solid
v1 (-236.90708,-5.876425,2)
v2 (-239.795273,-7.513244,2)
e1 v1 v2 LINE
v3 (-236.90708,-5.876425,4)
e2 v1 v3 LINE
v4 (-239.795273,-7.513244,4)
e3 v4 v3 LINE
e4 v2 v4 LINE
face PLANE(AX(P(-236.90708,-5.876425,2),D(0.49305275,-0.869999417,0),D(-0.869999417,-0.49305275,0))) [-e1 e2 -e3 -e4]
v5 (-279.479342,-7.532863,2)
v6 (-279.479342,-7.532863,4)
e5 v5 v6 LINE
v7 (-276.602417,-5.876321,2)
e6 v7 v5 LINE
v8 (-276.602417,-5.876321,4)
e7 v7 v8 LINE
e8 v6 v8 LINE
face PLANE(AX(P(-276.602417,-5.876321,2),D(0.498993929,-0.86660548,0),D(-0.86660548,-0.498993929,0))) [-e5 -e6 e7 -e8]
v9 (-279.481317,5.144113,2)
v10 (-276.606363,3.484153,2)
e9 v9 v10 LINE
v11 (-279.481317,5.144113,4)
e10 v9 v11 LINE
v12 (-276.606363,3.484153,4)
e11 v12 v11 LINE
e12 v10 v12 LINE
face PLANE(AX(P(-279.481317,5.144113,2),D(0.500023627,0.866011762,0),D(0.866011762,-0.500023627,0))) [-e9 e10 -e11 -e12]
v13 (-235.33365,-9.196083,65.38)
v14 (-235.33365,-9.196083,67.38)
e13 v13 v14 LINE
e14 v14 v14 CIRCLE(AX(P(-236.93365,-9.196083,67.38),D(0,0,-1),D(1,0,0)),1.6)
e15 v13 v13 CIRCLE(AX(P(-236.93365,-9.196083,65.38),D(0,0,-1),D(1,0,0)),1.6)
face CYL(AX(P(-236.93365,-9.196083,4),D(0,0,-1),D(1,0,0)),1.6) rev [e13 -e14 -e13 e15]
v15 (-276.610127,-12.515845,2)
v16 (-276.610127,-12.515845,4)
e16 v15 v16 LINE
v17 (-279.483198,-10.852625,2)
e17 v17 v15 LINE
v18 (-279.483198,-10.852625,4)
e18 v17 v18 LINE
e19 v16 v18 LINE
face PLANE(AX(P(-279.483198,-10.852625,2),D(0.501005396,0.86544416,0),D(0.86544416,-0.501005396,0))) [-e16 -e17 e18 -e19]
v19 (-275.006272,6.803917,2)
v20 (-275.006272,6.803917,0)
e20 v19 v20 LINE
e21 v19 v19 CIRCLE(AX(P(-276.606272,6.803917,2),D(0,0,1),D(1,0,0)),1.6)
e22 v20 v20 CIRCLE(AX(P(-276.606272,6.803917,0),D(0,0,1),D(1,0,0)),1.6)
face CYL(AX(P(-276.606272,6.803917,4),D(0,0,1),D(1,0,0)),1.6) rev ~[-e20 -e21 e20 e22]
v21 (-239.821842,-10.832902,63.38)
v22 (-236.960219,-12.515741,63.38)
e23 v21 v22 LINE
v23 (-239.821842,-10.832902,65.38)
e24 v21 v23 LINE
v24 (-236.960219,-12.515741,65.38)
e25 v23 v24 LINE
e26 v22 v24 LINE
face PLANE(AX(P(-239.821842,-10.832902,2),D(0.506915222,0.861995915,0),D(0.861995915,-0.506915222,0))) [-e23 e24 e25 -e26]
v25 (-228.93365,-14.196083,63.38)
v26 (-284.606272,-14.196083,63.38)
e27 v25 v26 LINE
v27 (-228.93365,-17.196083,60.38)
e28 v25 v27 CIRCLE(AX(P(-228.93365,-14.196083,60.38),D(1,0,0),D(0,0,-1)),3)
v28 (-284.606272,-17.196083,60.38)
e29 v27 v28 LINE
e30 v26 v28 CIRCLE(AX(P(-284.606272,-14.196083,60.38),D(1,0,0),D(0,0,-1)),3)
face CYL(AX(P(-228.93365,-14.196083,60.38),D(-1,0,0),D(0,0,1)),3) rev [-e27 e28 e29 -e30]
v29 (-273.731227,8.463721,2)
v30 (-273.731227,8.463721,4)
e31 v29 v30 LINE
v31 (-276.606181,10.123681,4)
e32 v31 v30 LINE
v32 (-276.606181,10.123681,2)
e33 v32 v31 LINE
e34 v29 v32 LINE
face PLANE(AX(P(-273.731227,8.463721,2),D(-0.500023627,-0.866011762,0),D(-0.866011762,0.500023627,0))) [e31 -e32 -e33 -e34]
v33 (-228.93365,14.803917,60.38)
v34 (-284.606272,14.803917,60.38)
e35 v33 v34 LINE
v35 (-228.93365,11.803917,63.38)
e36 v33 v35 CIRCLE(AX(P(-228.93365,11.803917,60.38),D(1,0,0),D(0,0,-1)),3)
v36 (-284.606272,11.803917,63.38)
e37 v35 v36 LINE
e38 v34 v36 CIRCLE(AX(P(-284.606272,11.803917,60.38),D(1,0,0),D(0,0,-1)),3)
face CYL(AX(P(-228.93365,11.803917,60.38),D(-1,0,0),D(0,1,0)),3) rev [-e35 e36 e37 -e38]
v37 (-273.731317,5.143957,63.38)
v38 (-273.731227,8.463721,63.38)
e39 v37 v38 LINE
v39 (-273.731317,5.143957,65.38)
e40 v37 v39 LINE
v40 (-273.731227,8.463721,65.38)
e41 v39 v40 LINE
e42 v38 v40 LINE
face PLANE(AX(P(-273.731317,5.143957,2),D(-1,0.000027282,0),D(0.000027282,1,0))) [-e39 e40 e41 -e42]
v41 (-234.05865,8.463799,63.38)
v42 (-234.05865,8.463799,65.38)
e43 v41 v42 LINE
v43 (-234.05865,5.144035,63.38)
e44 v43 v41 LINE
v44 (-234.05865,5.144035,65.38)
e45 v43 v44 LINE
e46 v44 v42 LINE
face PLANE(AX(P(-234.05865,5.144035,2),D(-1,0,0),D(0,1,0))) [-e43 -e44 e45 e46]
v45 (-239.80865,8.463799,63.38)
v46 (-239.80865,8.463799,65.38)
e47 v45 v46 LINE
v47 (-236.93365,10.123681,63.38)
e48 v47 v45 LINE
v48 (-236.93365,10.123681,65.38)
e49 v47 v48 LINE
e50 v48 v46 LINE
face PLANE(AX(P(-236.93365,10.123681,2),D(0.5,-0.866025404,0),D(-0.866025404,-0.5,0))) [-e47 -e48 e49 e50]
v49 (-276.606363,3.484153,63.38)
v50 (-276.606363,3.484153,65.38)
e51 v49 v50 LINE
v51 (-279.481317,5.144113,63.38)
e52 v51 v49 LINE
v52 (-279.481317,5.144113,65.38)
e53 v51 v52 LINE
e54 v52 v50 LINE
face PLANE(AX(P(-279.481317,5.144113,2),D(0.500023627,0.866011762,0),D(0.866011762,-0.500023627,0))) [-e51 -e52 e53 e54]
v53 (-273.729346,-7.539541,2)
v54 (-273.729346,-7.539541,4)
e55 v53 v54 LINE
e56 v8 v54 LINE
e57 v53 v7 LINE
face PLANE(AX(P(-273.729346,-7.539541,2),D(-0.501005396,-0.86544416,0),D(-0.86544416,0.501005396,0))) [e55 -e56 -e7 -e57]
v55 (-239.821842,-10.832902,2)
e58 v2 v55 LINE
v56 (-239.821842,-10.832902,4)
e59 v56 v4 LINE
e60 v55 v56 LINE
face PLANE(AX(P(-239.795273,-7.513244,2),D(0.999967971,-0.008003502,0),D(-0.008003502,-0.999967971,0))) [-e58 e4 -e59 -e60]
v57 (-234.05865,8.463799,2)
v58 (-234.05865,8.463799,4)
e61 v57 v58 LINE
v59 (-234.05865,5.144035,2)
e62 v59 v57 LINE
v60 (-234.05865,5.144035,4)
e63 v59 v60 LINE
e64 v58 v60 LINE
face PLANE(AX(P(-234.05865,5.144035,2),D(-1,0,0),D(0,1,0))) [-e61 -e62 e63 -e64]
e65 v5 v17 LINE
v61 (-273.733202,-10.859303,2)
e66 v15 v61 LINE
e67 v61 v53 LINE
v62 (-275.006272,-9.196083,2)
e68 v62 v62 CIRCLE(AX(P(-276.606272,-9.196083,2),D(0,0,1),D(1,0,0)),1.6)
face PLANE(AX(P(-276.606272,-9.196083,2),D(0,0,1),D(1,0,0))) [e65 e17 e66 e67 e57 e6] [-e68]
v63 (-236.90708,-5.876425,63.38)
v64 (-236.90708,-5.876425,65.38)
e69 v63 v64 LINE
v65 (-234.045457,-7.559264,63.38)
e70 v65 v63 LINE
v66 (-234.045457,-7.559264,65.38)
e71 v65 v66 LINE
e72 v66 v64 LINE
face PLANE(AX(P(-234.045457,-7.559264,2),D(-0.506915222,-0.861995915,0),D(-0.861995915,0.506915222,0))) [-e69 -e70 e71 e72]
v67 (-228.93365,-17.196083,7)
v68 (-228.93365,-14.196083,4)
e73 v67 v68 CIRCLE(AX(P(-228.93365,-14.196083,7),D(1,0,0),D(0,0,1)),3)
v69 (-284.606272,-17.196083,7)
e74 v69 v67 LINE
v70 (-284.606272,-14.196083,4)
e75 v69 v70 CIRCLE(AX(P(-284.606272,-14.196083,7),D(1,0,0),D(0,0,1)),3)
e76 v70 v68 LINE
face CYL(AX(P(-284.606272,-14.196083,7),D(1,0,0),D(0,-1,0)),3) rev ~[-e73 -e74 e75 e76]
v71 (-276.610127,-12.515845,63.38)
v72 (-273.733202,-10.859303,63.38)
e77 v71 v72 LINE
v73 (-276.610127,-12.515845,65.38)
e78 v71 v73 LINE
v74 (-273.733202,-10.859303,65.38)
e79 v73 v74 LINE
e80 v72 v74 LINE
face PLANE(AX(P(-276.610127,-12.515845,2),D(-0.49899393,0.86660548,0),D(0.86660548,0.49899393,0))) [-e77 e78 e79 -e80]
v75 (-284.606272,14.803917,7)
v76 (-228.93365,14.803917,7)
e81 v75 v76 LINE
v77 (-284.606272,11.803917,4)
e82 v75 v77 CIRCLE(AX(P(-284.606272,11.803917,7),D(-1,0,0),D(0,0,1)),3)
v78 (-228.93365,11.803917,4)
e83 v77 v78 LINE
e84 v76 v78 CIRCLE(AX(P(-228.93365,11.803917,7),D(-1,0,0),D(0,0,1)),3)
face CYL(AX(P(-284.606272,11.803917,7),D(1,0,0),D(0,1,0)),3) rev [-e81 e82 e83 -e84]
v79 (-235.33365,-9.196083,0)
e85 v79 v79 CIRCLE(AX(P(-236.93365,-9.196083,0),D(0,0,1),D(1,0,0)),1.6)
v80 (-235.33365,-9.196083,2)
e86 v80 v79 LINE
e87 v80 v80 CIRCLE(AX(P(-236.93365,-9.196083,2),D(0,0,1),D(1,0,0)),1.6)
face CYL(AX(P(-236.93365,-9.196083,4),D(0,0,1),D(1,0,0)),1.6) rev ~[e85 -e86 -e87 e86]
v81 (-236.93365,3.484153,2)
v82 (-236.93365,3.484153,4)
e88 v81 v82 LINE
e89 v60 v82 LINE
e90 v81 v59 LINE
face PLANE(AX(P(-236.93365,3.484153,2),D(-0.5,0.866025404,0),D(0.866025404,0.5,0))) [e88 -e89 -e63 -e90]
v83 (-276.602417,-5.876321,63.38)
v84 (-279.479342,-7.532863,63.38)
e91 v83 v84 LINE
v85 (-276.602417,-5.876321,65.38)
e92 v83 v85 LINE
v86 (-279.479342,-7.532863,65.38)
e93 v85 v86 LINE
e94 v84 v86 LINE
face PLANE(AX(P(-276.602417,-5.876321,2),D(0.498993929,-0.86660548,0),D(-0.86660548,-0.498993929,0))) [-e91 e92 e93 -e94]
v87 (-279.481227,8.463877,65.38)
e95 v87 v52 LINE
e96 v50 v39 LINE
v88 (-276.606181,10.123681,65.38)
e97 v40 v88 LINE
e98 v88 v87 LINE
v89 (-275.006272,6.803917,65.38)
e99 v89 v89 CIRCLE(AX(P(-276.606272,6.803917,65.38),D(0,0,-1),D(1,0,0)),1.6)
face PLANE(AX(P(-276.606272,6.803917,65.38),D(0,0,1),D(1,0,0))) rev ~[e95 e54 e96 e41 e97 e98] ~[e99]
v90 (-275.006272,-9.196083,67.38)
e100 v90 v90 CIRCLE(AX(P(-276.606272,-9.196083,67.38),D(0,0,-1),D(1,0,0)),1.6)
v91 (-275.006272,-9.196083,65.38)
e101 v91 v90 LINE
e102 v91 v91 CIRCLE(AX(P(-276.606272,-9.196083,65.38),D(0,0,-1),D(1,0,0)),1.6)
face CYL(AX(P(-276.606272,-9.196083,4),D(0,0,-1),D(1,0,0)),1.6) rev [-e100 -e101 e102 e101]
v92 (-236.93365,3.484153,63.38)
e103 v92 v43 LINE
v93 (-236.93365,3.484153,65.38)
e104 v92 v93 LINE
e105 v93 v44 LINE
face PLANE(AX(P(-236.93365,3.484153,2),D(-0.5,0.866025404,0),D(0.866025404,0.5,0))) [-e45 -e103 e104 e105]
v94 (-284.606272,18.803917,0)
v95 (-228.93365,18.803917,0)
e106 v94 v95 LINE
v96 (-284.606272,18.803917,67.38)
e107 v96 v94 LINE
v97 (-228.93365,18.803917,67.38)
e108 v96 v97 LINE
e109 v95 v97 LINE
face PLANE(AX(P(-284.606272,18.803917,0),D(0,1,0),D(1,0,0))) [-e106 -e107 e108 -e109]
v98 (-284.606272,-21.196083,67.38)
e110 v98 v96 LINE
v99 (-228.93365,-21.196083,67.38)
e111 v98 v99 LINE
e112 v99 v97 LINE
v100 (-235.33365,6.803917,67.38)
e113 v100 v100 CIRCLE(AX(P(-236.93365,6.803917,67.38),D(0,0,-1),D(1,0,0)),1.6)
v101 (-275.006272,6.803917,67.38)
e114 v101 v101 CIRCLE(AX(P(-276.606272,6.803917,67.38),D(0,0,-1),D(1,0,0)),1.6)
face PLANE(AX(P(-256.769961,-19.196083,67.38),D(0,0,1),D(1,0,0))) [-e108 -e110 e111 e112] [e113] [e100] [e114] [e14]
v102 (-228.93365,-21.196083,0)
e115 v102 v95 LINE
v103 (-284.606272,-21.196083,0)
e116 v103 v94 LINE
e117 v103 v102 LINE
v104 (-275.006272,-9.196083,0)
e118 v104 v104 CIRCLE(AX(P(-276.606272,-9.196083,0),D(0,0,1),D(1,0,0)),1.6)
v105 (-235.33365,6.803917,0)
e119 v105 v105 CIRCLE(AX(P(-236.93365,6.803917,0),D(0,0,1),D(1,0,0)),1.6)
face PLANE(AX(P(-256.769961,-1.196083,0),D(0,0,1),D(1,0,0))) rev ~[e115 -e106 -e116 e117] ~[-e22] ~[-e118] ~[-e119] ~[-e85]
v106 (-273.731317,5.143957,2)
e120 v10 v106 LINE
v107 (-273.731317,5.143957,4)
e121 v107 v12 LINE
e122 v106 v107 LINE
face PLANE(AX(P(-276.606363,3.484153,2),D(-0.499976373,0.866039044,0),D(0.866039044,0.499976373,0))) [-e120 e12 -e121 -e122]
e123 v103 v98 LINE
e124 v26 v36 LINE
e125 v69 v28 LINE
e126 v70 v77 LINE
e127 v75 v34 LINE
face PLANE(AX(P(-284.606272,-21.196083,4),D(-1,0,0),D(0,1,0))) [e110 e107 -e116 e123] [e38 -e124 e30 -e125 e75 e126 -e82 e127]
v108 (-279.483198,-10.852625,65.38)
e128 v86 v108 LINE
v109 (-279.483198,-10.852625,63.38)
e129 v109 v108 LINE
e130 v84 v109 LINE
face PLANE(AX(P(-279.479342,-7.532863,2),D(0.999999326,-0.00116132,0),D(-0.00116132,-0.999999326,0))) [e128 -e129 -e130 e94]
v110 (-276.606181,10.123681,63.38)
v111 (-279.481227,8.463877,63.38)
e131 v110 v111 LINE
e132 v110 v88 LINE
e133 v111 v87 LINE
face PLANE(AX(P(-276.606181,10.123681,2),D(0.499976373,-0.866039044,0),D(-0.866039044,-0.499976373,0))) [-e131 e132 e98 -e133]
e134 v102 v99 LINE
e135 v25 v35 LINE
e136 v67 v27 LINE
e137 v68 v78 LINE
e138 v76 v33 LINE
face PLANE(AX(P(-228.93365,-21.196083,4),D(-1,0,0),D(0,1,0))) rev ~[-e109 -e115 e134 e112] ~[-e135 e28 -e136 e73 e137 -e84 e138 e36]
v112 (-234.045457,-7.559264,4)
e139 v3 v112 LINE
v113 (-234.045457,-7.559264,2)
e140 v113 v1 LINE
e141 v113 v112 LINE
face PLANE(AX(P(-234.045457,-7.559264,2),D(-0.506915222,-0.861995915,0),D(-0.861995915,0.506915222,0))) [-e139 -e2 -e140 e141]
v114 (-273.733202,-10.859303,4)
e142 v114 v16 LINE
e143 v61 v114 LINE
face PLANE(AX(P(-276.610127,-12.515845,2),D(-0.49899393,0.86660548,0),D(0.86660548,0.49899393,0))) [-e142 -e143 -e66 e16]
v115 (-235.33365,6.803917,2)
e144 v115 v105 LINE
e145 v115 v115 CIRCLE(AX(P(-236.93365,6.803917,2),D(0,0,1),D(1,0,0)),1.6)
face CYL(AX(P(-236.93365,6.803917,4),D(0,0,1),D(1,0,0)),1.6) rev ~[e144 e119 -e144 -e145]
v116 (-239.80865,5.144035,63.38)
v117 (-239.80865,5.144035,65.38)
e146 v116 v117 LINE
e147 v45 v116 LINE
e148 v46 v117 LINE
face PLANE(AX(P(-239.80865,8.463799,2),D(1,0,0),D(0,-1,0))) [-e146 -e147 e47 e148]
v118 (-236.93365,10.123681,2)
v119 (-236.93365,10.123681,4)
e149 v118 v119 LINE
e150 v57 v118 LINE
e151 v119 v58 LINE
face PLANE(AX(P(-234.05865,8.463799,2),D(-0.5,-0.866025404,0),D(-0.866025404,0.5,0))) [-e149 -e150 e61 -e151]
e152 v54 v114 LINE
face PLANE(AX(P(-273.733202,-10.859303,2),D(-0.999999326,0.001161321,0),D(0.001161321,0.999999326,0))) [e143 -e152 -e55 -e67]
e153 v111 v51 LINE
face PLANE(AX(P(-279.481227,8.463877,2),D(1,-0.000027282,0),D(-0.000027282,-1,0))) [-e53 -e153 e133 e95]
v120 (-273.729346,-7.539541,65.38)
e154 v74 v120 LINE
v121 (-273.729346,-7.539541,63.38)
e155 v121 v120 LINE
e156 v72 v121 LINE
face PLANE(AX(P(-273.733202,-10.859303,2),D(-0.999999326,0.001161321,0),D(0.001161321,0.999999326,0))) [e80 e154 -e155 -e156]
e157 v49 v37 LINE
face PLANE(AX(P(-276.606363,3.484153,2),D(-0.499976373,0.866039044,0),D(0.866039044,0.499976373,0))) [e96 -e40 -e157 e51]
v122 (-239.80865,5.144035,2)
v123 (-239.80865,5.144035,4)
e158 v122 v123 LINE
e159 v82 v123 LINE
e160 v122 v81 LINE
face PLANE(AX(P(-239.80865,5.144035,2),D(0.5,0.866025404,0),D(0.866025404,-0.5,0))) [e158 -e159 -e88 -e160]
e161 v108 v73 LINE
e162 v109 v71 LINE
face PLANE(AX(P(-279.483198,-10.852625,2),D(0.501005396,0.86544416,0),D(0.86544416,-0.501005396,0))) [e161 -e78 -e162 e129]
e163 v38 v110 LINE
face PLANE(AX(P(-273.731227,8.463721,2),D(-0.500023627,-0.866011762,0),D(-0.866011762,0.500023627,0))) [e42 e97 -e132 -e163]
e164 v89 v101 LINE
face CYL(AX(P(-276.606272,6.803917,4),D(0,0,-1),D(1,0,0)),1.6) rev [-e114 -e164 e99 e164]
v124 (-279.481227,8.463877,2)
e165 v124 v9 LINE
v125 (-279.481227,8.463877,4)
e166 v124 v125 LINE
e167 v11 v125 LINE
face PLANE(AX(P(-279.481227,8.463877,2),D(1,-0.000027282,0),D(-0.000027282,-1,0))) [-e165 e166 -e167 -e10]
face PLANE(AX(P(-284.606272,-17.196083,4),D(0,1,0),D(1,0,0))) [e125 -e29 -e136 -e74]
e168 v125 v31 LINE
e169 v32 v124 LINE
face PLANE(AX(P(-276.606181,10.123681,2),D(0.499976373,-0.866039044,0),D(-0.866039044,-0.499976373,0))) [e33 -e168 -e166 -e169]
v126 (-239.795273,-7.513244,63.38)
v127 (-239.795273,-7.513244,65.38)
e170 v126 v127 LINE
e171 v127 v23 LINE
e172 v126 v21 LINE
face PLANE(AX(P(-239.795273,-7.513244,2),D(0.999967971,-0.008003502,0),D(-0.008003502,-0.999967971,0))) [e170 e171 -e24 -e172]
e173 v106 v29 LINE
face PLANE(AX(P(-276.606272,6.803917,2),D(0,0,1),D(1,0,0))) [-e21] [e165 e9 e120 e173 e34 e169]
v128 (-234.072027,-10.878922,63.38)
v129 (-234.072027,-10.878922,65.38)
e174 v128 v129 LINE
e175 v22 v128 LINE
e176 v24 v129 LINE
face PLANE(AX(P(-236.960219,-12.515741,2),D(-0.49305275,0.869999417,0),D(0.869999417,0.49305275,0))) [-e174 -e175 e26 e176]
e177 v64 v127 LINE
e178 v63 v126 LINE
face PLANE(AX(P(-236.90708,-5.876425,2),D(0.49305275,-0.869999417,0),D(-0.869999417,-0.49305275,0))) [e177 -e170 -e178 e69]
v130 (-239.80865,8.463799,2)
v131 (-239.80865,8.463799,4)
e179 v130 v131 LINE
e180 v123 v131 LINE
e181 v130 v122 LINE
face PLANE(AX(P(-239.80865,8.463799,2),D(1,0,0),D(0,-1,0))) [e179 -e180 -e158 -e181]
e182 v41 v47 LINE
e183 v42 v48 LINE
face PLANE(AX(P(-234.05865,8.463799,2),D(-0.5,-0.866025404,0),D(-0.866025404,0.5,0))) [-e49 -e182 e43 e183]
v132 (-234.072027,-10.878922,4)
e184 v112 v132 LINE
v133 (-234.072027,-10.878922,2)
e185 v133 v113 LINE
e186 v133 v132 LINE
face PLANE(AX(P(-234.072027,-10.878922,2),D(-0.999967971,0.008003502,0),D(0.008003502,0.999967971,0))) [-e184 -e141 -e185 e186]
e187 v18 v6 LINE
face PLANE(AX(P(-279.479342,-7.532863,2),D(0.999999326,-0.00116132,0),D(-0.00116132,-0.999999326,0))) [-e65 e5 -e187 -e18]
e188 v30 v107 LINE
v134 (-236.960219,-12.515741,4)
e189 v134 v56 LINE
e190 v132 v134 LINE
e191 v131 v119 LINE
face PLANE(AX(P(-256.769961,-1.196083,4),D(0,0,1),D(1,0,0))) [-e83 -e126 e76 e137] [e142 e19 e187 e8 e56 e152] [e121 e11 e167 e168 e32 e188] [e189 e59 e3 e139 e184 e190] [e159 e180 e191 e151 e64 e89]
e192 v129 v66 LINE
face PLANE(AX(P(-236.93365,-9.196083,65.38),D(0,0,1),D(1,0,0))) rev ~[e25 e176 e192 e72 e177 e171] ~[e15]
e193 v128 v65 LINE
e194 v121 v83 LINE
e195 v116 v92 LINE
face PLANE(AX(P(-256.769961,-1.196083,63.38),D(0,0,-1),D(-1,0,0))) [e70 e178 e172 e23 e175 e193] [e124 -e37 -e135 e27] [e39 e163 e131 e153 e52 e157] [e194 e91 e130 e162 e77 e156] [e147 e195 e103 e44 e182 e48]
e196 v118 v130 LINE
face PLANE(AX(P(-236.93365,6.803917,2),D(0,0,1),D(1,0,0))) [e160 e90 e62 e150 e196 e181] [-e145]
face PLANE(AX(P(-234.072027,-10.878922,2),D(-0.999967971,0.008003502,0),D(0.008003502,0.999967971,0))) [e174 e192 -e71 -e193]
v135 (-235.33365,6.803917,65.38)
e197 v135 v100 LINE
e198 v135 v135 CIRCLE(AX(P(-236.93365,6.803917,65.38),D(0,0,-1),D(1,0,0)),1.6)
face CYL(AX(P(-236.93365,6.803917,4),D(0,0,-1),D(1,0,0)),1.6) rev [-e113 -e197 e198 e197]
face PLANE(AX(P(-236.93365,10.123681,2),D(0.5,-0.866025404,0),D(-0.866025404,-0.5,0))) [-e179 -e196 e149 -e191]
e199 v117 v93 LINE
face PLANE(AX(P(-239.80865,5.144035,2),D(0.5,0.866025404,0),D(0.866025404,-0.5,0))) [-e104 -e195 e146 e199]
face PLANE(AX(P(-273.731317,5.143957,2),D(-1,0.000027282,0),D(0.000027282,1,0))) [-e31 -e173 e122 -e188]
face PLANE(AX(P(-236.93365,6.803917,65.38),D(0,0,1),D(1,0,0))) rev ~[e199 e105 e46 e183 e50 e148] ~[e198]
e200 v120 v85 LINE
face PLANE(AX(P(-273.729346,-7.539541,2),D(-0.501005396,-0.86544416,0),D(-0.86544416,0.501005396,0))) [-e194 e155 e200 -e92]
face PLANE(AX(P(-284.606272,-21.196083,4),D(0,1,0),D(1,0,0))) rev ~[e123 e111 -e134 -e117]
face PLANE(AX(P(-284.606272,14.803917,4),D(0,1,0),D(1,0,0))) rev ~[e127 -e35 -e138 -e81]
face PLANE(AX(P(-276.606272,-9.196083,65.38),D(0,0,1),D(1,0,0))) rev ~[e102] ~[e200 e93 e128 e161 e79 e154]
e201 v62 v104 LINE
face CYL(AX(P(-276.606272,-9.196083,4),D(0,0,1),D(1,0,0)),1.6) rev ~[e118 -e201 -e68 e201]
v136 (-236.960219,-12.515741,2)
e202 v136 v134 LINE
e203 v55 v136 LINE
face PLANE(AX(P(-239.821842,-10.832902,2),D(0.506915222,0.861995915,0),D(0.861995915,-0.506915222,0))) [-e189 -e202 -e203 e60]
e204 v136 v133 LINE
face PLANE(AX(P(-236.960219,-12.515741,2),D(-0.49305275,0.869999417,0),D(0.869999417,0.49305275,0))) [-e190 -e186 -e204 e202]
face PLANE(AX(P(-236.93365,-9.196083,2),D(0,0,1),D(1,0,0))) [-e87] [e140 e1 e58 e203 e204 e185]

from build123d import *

# Parameters (mm, degrees)
SKETCH1_W               = 55.67262225
SKETCH1_H               = 40
BOSS_EXTRUDE1_DEPTH     = 4
SKETCH2_W               = 55.67262225
SKETCH2_H               = 4
BOSS_EXTRUDE2_DEPTH     = 63.38
SKETCH3_W               = 55.67262225
SKETCH3_H               = 40
BOSS_EXTRUDE3_DEPTH     = 4
SKETCH4_R               = 1.6
CUT_EXTRUDE1_DEPTH      = 64.38
CUT_EXTRUDE1_DEPTH_BACK = 5
CUT_EXTRUDE2_START      = -2
CUT_EXTRUDE2_DEPTH      = 63.38
FILLET1_R               = 3


with BuildPart() as part:
    # Sketch1 → Boss-Extrude1 (new body)
    with BuildSketch(Plane.XY):
        with Locations((-256.769960814, -1.19608299)):
            Rectangle(SKETCH1_W, SKETCH1_H)
    extrude(amount=BOSS_EXTRUDE1_DEPTH)

    # Sketch2 → Boss-Extrude2 (add)
    with BuildSketch(Plane.XY.offset(4)):
        with Locations((-256.769960814, -19.19608299)):
            Rectangle(SKETCH2_W, SKETCH2_H)
        with Locations((-256.769960814, 16.80391701)):
            Rectangle(SKETCH2_W, SKETCH2_H)
    extrude(amount=BOSS_EXTRUDE2_DEPTH)

    # Sketch3 → Boss-Extrude3 (add)
    with BuildSketch(Plane(origin=(0, 0, 67.38), x_dir=(-1, 0, 0), z_dir=(0, 0, -1))):
        with Locations((256.769960814, -1.19608299)):
            Rectangle(SKETCH3_W, SKETCH3_H)
    extrude(amount=BOSS_EXTRUDE3_DEPTH)

    # Sketch4 → Cut-Extrude1 (cut, two sides)
    with BuildSketch(Plane.XY.offset(4)) as cut_extrude1_sk:
        with Locations((-276.606271939, -9.19608299)):
            Circle(SKETCH4_R)
        with Locations((-276.606271939, 6.80391701)):
            Circle(SKETCH4_R)
        with Locations((-236.933649689, 6.80391701)):
            Circle(SKETCH4_R)
        with Locations((-236.933649689, -9.19608299)):
            Circle(SKETCH4_R)
    extrude(amount=CUT_EXTRUDE1_DEPTH, mode=Mode.SUBTRACT)
    extrude(cut_extrude1_sk.sketch, amount=-CUT_EXTRUDE1_DEPTH_BACK, mode=Mode.SUBTRACT)

    # Sketch5 → Cut-Extrude2 (cut)
    with BuildSketch(Plane.XY.offset(4).offset(CUT_EXTRUDE2_START)):
        Polygon((-276.602416628, -5.876321181), (-279.479342345, -7.532863288), (-279.483197655, -10.852625098), (-276.610127249, -12.515844799), (-273.733201533, -10.859302692), (-273.729346222, -7.539540882), align=None)
        Polygon((-276.606181369, 10.123681057), (-279.481226653, 8.463877469), (-279.481317222, 5.144113422), (-276.606362508, 3.484152963), (-273.731317224, 5.143956551), (-273.731226655, 8.463720598), align=None)
        Polygon((-236.907079951, -5.876425269), (-239.795272738, -7.513244061), (-239.821842476, -10.832901782), (-236.960219427, -12.515740711), (-234.07202664, -10.878921919), (-234.045456902, -7.559264198), align=None)
        Polygon((-236.933649689, 10.123681058), (-239.808649689, 8.463799034), (-239.808649689, 5.144034986), (-236.933649689, 3.484152962), (-234.058649689, 5.144034986), (-234.058649689, 8.463799034), align=None)
    extrude(amount=CUT_EXTRUDE2_DEPTH, mode=Mode.SUBTRACT)

    # Fillet1
    fillet1_edges = [part.edges().sort_by_distance(p)[0] for p in [
        (-256.769960814, -17.19608299, 4),
        (-256.769960814, 14.80391701, 4),
        (-256.769960814, -17.19608299, 63.38),
        (-256.769960814, 14.80391701, 63.38),
    ]]
    fillet(fillet1_edges, radius=FILLET1_R)


solid = part.part
